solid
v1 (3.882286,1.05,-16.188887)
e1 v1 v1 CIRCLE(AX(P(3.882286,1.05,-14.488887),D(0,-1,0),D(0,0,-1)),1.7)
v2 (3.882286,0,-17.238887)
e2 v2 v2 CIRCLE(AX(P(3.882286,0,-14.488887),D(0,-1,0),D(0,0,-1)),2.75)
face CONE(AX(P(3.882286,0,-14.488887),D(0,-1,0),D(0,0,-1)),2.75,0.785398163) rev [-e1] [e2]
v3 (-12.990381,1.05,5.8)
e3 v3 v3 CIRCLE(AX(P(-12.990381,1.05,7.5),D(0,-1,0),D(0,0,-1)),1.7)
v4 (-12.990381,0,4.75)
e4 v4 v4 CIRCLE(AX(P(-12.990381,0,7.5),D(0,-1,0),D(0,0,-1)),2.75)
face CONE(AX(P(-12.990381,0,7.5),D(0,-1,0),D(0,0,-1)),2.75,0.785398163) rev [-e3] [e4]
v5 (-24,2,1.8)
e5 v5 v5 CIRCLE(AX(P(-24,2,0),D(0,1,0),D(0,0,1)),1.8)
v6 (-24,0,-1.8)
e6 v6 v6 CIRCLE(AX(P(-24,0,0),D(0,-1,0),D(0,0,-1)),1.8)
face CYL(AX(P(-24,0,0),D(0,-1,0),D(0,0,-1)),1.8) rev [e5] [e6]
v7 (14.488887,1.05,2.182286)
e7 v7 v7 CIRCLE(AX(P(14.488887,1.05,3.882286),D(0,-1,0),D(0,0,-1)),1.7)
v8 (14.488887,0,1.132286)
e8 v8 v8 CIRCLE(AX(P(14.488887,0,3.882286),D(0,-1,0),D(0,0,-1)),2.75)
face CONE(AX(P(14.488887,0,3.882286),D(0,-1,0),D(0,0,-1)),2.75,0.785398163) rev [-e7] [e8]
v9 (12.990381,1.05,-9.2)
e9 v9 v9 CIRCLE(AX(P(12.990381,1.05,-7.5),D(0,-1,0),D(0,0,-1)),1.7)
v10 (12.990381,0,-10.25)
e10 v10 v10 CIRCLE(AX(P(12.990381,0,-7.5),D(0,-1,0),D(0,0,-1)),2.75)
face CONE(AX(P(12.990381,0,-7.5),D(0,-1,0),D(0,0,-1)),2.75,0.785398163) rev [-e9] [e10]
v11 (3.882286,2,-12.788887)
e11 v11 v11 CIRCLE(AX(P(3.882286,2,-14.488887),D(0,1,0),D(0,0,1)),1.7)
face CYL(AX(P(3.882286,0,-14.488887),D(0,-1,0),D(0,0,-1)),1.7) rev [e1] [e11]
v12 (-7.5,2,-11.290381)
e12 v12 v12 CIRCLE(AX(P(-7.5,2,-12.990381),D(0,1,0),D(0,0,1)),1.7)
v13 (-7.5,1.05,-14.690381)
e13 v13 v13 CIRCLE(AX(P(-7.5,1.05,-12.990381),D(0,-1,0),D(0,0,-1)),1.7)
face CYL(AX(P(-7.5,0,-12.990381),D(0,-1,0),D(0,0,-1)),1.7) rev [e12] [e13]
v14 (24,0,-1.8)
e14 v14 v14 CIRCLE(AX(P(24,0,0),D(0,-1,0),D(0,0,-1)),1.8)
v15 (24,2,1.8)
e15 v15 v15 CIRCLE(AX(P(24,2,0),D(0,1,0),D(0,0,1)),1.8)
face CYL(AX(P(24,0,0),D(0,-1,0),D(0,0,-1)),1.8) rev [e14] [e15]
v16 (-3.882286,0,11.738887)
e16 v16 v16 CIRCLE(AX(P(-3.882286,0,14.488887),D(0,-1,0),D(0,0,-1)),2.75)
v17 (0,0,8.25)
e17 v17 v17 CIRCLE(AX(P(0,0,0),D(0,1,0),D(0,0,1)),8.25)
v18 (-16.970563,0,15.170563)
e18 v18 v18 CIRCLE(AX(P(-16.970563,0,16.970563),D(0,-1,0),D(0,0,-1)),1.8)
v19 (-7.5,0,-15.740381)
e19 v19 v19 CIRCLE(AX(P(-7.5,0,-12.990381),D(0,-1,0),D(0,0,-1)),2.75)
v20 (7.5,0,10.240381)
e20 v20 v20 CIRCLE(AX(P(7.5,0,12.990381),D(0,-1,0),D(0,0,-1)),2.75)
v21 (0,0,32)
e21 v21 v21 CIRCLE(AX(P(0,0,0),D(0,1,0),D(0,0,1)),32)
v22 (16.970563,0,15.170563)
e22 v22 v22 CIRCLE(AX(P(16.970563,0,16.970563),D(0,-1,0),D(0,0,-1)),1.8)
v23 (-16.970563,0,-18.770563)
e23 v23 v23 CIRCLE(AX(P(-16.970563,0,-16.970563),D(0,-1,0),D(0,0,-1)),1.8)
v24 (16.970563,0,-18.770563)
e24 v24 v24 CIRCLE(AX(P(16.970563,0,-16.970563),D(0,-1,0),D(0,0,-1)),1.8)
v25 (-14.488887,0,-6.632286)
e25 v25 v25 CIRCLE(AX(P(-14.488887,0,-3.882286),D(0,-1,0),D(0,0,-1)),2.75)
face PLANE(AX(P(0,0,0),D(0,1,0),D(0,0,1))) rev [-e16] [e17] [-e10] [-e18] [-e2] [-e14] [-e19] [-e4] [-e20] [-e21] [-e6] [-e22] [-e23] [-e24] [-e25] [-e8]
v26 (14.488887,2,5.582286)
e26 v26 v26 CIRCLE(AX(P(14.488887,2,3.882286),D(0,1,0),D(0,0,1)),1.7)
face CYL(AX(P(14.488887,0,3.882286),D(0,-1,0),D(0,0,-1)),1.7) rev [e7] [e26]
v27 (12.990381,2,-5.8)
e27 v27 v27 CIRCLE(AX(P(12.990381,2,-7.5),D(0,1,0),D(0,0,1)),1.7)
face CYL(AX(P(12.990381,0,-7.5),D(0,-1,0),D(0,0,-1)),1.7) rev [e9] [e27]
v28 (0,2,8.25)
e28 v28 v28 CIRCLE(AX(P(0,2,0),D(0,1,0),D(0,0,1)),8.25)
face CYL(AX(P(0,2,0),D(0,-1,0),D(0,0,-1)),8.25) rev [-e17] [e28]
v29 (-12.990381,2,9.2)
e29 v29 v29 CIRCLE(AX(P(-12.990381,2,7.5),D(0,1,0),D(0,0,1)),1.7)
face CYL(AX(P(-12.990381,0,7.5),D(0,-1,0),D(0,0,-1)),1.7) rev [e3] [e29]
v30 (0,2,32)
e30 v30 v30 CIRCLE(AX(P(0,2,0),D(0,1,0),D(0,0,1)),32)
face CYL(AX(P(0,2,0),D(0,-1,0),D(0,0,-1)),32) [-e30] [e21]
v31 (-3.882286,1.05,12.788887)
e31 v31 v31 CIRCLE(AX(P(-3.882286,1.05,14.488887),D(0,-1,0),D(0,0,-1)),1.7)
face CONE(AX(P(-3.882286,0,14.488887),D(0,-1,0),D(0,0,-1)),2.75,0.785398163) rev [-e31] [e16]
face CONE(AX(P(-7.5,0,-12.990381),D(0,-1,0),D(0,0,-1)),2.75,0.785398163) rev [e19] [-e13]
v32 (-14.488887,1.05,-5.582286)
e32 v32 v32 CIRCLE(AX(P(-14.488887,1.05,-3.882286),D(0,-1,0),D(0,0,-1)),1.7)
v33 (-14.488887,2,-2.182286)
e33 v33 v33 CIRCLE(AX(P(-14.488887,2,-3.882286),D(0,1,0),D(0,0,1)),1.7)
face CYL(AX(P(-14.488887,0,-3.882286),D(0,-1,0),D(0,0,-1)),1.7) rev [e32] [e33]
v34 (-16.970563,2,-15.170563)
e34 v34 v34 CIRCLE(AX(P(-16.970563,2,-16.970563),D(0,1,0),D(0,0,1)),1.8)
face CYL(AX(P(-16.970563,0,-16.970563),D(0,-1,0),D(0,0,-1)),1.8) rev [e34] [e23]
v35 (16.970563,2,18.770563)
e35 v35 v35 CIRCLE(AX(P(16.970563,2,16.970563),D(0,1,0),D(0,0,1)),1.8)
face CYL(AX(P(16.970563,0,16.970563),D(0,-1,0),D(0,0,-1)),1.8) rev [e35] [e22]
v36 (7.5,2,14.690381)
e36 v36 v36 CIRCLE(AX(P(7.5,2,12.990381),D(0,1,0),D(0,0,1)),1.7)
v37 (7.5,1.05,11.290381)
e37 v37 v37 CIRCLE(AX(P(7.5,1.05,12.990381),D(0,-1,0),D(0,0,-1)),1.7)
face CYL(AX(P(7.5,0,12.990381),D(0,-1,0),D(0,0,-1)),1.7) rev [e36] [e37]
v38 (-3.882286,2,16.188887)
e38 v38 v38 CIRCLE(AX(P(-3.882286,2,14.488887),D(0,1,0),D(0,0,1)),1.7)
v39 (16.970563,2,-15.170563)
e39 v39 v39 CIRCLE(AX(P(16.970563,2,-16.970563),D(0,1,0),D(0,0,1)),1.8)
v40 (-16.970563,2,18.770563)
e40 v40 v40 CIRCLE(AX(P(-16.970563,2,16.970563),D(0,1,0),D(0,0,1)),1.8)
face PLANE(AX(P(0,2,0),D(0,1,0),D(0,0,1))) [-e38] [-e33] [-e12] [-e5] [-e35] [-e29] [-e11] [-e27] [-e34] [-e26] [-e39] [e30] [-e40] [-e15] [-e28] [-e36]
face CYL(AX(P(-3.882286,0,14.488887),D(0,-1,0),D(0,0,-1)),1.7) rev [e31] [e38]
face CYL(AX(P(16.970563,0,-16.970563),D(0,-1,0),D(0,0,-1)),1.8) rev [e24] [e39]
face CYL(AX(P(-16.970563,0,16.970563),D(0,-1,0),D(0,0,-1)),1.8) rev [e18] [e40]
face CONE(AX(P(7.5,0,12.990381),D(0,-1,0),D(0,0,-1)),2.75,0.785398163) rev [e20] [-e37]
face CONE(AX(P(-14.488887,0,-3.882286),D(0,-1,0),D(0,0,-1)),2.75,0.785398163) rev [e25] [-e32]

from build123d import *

# Parameters (mm, degrees)
SKETCH1_R                                    = 32
SKETCH1_R_2                                  = 8.25
BOSS_EXTRUDE1_DEPTH                          = 2
CSK_FOR_M3_HEX_SOCKET_COUNTERSUNK_HE_2_COUNT = 2
CSK_FOR_M3_HEX_SOCKET_COUNTERSUNK_HE_2_PITCH = 11.480502971
CSK_FOR_M3_HEX_SOCKET_COUNTERSUNK_HE_3_COUNT = 2
CSK_FOR_M3_HEX_SOCKET_COUNTERSUNK_HE_3_PITCH = 21.213203436
CSK_FOR_M3_HEX_SOCKET_COUNTERSUNK_HE_4_COUNT = 2
CSK_FOR_M3_HEX_SOCKET_COUNTERSUNK_HE_4_PITCH = 27.716385975
CSK_FOR_M3_HEX_SOCKET_COUNTERSUNK_HE_5_COUNT = 2
CSK_FOR_M3_HEX_SOCKET_COUNTERSUNK_HE_5_PITCH = 30
CSK_FOR_M3_HEX_SOCKET_COUNTERSUNK_HE_6_COUNT = 2
CSK_FOR_M3_HEX_SOCKET_COUNTERSUNK_HE_6_PITCH = 27.716385975
CSK_FOR_M3_HEX_SOCKET_COUNTERSUNK_HE_7_COUNT = 2
CSK_FOR_M3_HEX_SOCKET_COUNTERSUNK_HE_7_PITCH = 21.213203436
CSK_FOR_M3_HEX_SOCKET_COUNTERSUNK_HE_8_COUNT = 2
CSK_FOR_M3_HEX_SOCKET_COUNTERSUNK_HE_8_PITCH = 11.480502971
M3_CLEARANCE_HOLE1_D                         = 3.6


with BuildPart() as part:
    # Sketch1 → Boss-Extrude1 (new body)
    with BuildSketch(Plane(origin=(0, 0, 0), x_dir=(1, 0, 0), z_dir=(0, 1, 0))):
        with Locations(Location((0, 0, 0), (0, 0, 270))):
            Circle(SKETCH1_R)
        with Locations(Location((0, 0, 0), (0, 0, 270))):
            Circle(SKETCH1_R_2, mode=Mode.SUBTRACT)
    extrude(amount=BOSS_EXTRUDE1_DEPTH)

    # Sketch4 → CSK for M3 Hex Socket Countersunk Head Screw1 (revolve, cut)
    with BuildSketch(Plane(origin=(3.882285677, 0, -14.488887394), x_dir=(0, 0, -1), z_dir=(1, 0, 0))):
        Polygon((0, 0), (0, 2), (1.7, 2), (1.7, 1.05), (2.75, 0), align=None)
    csk_for_m3_hex_socket_countersunk_head_s = revolve(axis=Axis((3.882285677, -6.35, -14.488887394), (0, 1, 0)), mode=Mode.SUBTRACT)

    # CSK for M3 Hex Socket Countersunk He 2: CSK for M3 Hex Socket Countersunk Head Screw1 ×2
    with Locations(*[Vector(0.7933533402912735, 0, 0.6087614290086708) * (i * CSK_FOR_M3_HEX_SOCKET_COUNTERSUNK_HE_2_PITCH) for i in range(1, CSK_FOR_M3_HEX_SOCKET_COUNTERSUNK_HE_2_COUNT)]):
        add(csk_for_m3_hex_socket_countersunk_head_s, mode=Mode.SUBTRACT)

    # CSK for M3 Hex Socket Countersunk He 3: CSK for M3 Hex Socket Countersunk Head Screw1 ×2
    with Locations(*[Vector(0.5000000000000544, 0, 0.8660254037844073) * (i * CSK_FOR_M3_HEX_SOCKET_COUNTERSUNK_HE_3_PITCH) for i in range(1, CSK_FOR_M3_HEX_SOCKET_COUNTERSUNK_HE_3_COUNT)]):
        add(csk_for_m3_hex_socket_countersunk_head_s, mode=Mode.SUBTRACT)

    # CSK for M3 Hex Socket Countersunk He 4: CSK for M3 Hex Socket Countersunk Head Screw1 ×2
    with Locations(*[Vector(0.13052619222011386, 0, 0.9914448613738023) * (i * CSK_FOR_M3_HEX_SOCKET_COUNTERSUNK_HE_4_PITCH) for i in range(1, CSK_FOR_M3_HEX_SOCKET_COUNTERSUNK_HE_4_COUNT)]):
        add(csk_for_m3_hex_socket_countersunk_head_s, mode=Mode.SUBTRACT)

    # CSK for M3 Hex Socket Countersunk He 5: CSK for M3 Hex Socket Countersunk Head Screw1 ×2
    with Locations(*[Vector(-0.25881904510246007, 0, 0.9659258262890846) * (i * CSK_FOR_M3_HEX_SOCKET_COUNTERSUNK_HE_5_PITCH) for i in range(1, CSK_FOR_M3_HEX_SOCKET_COUNTERSUNK_HE_5_COUNT)]):
        add(csk_for_m3_hex_socket_countersunk_head_s, mode=Mode.SUBTRACT)

    # CSK for M3 Hex Socket Countersunk He 6: CSK for M3 Hex Socket Countersunk Head Screw1 ×2
    with Locations(*[Vector(-0.6087614290086708, 0, 0.7933533402912735) * (i * CSK_FOR_M3_HEX_SOCKET_COUNTERSUNK_HE_6_PITCH) for i in range(1, CSK_FOR_M3_HEX_SOCKET_COUNTERSUNK_HE_6_COUNT)]):
        add(csk_for_m3_hex_socket_countersunk_head_s, mode=Mode.SUBTRACT)

    # CSK for M3 Hex Socket Countersunk He 7: CSK for M3 Hex Socket Countersunk Head Screw1 ×2
    with Locations(*[Vector(-0.8660254037844073, 0, 0.5000000000000544) * (i * CSK_FOR_M3_HEX_SOCKET_COUNTERSUNK_HE_7_PITCH) for i in range(1, CSK_FOR_M3_HEX_SOCKET_COUNTERSUNK_HE_7_COUNT)]):
        add(csk_for_m3_hex_socket_countersunk_head_s, mode=Mode.SUBTRACT)

    # CSK for M3 Hex Socket Countersunk He 8: CSK for M3 Hex Socket Countersunk Head Screw1 ×2
    with Locations(*[Vector(-0.9914448613738023, 0, 0.13052619222011383) * (i * CSK_FOR_M3_HEX_SOCKET_COUNTERSUNK_HE_8_PITCH) for i in range(1, CSK_FOR_M3_HEX_SOCKET_COUNTERSUNK_HE_8_COUNT)]):
        add(csk_for_m3_hex_socket_countersunk_head_s, mode=Mode.SUBTRACT)

    # M3 Clearance Hole1 (through all)
    with Locations(Plane(origin=(0, 0, 0), x_dir=(-1, 0, 0), z_dir=(0, -1, 0))):
        with Locations((-16.970562748, -16.970562748), (-24, 0), (-16.970562748, 16.970562748), (16.970562748, 16.970562748), (24, 0), (16.970562748, -16.970562748)):
            Hole(M3_CLEARANCE_HOLE1_D / 2)


solid = part.part
